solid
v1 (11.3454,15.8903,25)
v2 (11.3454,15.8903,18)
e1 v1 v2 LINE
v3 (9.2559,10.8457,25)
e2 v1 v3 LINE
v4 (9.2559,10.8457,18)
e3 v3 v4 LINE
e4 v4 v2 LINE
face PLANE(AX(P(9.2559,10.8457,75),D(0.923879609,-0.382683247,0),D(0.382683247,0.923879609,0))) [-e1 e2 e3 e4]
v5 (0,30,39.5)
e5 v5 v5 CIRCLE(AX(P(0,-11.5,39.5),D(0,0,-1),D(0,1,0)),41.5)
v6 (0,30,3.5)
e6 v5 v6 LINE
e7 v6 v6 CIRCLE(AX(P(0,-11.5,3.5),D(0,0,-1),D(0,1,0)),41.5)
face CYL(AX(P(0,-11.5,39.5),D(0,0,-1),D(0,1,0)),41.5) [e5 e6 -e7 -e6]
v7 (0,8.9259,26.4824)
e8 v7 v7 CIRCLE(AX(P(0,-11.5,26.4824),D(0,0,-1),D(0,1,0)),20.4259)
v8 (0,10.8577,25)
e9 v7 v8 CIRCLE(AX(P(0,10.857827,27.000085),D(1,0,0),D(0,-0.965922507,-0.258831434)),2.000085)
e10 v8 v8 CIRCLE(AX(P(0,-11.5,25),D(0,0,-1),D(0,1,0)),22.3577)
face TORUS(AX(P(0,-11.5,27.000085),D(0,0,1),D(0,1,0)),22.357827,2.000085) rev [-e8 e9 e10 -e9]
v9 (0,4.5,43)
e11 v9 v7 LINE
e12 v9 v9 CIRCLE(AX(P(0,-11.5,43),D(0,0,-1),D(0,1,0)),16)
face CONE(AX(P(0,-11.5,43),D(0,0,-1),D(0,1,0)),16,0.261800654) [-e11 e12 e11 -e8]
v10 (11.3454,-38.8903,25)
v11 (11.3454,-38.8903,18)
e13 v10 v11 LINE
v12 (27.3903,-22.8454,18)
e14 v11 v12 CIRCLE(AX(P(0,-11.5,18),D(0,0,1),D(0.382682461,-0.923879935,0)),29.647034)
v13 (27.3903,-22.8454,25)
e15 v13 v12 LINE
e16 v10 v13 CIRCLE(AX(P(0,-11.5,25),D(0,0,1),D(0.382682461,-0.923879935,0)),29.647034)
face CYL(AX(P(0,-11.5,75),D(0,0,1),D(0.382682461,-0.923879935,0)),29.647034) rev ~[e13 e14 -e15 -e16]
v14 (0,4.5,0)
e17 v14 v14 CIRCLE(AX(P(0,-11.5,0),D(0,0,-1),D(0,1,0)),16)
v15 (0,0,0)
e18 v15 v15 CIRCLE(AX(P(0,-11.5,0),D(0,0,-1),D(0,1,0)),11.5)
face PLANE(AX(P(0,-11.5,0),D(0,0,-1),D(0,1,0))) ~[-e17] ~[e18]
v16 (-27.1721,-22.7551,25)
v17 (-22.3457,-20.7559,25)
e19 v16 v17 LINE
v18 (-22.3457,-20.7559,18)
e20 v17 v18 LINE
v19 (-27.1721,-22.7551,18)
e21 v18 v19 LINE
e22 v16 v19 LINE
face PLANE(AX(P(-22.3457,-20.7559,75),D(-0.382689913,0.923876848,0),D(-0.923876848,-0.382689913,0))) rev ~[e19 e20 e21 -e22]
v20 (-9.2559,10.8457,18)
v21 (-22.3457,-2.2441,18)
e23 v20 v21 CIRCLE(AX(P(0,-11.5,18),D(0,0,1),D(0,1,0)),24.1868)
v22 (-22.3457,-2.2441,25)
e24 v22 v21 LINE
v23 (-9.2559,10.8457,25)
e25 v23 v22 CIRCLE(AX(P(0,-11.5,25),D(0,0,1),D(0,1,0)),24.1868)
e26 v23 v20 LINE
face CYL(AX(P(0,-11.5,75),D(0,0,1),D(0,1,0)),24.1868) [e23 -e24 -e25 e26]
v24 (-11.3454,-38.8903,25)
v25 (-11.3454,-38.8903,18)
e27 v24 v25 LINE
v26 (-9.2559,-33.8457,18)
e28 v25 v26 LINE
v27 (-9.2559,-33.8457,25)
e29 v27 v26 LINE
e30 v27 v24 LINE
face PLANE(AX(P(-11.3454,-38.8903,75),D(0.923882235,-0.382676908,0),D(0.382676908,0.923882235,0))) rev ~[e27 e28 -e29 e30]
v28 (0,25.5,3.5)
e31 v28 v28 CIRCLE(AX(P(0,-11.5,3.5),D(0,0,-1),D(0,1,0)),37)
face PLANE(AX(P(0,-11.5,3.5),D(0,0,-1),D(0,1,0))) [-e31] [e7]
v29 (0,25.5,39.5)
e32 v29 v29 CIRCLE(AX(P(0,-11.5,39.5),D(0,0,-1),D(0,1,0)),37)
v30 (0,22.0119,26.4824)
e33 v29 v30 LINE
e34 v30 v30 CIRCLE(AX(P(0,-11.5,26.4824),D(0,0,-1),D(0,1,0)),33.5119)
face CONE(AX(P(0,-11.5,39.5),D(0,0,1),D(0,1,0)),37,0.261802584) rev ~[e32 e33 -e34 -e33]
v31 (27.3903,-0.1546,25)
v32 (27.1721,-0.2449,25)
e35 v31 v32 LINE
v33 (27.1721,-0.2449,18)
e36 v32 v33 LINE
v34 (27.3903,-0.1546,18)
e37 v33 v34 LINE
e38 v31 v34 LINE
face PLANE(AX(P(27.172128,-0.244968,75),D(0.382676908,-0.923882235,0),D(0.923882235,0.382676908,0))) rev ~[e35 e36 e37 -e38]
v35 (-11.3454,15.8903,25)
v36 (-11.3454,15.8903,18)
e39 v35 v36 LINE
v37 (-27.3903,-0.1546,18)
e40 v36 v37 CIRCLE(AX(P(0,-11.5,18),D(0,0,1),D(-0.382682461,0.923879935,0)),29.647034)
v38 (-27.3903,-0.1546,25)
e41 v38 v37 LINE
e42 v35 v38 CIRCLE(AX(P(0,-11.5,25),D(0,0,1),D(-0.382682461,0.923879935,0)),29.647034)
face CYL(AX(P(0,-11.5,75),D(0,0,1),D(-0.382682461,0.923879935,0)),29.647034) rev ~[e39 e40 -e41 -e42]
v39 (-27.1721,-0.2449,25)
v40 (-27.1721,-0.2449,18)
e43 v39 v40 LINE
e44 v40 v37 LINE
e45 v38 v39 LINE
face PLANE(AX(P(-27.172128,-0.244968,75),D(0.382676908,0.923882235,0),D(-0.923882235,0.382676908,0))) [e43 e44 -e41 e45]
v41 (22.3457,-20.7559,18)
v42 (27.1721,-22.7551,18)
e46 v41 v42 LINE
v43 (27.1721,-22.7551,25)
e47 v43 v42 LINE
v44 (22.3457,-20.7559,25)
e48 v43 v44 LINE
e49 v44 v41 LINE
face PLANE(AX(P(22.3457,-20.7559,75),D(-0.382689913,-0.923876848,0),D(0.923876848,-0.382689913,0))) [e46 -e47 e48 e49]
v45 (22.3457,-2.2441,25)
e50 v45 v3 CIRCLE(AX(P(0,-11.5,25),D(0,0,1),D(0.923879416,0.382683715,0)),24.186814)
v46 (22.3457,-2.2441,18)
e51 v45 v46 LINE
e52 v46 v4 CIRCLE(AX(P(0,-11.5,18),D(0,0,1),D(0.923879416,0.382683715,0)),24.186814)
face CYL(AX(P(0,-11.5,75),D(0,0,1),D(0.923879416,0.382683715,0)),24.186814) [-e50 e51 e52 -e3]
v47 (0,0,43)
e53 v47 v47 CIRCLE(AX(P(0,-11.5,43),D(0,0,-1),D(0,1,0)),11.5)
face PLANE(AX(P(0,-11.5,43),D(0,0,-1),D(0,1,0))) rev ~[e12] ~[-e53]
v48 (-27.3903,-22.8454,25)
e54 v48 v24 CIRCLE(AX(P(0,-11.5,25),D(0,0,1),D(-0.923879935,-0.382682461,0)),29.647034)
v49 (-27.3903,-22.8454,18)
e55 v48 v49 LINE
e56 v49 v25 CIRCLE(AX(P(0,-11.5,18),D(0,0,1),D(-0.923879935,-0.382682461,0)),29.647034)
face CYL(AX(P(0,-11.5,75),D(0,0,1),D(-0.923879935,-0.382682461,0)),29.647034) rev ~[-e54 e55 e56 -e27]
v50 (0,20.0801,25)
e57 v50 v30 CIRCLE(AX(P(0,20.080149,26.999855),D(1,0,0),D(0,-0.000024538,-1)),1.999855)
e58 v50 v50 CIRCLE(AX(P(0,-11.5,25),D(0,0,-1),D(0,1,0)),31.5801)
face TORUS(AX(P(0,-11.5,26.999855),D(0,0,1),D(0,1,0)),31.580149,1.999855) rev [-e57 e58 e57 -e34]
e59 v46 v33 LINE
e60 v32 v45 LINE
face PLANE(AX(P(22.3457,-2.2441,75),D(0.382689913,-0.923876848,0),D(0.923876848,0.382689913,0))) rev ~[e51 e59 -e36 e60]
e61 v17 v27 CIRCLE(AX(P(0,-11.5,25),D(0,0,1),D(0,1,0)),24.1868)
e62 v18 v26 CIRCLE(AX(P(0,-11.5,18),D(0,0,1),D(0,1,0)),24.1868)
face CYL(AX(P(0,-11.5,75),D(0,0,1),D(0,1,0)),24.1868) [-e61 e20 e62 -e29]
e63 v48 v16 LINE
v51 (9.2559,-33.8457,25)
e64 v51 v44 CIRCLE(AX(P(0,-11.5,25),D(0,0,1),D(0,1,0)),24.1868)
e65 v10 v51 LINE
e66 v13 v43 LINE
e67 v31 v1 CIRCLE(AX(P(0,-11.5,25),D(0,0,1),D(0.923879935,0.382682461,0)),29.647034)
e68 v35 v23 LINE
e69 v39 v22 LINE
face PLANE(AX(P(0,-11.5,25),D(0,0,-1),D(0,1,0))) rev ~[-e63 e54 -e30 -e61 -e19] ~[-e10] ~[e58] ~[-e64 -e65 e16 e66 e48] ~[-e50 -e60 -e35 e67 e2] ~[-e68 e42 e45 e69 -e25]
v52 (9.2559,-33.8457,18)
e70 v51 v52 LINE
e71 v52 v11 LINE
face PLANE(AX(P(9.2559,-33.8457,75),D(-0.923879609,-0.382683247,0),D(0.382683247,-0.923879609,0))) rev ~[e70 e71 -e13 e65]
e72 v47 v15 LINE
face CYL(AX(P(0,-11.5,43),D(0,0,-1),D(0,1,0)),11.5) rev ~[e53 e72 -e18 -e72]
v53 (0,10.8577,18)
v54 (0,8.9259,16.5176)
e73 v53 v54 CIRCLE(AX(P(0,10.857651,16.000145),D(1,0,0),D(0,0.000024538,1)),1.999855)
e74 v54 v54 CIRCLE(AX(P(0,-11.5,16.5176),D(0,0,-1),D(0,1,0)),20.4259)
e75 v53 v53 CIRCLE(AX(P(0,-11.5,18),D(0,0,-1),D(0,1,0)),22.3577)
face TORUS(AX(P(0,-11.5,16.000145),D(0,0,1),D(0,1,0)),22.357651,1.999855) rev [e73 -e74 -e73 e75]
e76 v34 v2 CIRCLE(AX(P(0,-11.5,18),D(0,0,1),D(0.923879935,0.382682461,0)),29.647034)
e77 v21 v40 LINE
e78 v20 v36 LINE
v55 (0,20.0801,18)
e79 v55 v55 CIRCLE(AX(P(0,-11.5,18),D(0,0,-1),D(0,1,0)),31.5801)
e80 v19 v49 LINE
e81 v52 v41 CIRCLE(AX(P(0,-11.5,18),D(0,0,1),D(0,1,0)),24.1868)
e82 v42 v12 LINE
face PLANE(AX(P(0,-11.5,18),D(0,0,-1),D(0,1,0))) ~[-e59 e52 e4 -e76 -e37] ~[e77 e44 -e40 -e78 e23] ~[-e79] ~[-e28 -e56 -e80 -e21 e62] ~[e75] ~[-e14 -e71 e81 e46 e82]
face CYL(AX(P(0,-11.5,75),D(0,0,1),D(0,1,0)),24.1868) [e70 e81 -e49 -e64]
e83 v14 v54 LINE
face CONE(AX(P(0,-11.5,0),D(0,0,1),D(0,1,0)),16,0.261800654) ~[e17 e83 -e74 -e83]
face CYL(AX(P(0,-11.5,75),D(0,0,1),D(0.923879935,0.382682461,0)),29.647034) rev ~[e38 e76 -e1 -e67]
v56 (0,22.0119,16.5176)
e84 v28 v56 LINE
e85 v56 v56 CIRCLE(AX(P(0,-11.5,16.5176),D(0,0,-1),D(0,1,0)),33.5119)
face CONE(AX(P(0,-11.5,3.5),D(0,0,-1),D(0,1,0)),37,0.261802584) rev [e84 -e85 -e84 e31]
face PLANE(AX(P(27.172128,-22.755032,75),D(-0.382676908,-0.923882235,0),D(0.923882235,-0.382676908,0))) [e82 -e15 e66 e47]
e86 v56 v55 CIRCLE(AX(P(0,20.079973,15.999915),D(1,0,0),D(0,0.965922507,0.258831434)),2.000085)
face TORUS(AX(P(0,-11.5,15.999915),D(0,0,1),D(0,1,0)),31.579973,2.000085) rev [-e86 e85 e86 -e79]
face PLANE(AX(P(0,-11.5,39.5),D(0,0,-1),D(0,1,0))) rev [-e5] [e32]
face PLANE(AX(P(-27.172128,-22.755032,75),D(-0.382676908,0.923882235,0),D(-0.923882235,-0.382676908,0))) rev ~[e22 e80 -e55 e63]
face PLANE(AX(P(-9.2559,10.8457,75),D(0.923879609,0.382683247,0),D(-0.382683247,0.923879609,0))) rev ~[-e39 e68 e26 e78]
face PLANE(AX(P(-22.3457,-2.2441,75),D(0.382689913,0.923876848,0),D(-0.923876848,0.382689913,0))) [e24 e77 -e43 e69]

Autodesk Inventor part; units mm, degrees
ref_plane "YZ Plane" through (0, 0, 0) normal (1, 0, 0) x (0, 1, 0)
ref_plane "XZ Plane" through (0, 0, 0) normal (0, 1, 0) x (-1, 0, 0)
sketch "Sketch1" plane through (0, 0, 0) normal (1, 0, 0) x (0, 1, 0)
  line L0 (0, 0) -> (4.5, 0)
  line L1 (4.5, 0) -> (4.5, 43)
  line L2 (4.5, 43) -> (0, 43)
  line L3 (0, 43) -> (0, 0)
  line L4 (4.5, 43) -> (8.9259, 26.4824)
  line L5 (4.5, 21.5) -> (10.3528, 21.5)
  line L6 (13, 25) -> (10.8577, 25)
  line L7 (25.5, 39.5) -> (30, 39.5)
  line L8 (30, 39.5) -> (30, 3.5)
  line L9 (30, 3.5) -> (25.5, 3.5)
  line L10 (25.5, 3.5) -> (25.5, 39.5)
  line L11 (25.5, 39.5) -> (22.0119, 26.4824)
  line L12 (10.8577, 18) -> (20.0801, 18)
  line L13 (4.5, 0) -> (8.9259, 16.5176)
  line L14 (25.5, 3.5) -> (22.0119, 16.5176)
  line L15 (3, 25) -> (20.0801, 25)
  arc A0 (8.9259, 26.4824) -> (10.8577, 25) centre (10.8577, 27) ccw
  arc A1 (20.0801, 25) -> (22.0119, 26.4824) centre (20.0801, 27) ccw
  arc A2 (22.0119, 16.5176) -> (20.0801, 18) centre (20.0801, 16) ccw
  arc A3 (10.8577, 18) -> (8.9259, 16.5176) centre (10.8577, 16) ccw
  line L16 (-11.5, 16.5176) -> (-11.5, 3.5)
  point P0 (9.6974, 23.6032)
  point P1 (21.6069, 24.9709)
  point P2 (3, 18)
  point P3 (23.25, 18)
  point P4 (9.6974, 19.3968)
  point P5 (21.6069, 18.0291)
  point P6 (23.25, 25)
  dimension "d0" = 43
  dimension "d1" = 4.5
  dimension "d2" = 15
  dimension "d3" = 21.5
  dimension "d4" = 3.5
  dimension "d5" = 4.5
  dimension "d6" = 36
  dimension "d7" = 18
  dimension "d8" = 15
  dimension "d9" = 3.5
  dimension "d10" = 30
  dimension "d11" = 2
  dimension "d12" = 32
revolve "Revolution1" add sketch "Sketch1" angle 360 about axis through (0, -11.5, 16.5176) along (0, 0, -1)
ref_plane "Work Plane1" through (0, -11.5, 75) normal (0, 0, 1) x (1, 0, 0)
sketch "Sketch2" plane through (0, -11.5, 75) normal (0, 0, 1) x (1, 0, 0)
  line L0 (9.2559, 22.3457) -> (12.1824, 29.4109)
  line L1 (22.3457, 9.2559) -> (27.1721, 11.2551)
  line L2 (0, 0) -> (0, 29.4109)
  line L3 (0, 0) -> (29.4109, 0)
  arc A0 (27.3903, 11.3454) -> (11.3454, 27.3903) centre (0, 0) ccw
  line L4 (22.3457, 9.2559) -> (27.1721, 11.2551)
  line L5 (22.3457, 9.2559) -> (27.3903, 11.3454)
  line L6 (22.3457, 9.2559) -> (27.3903, 11.3454)
  arc A1 (22.3457, 9.2559) -> (9.2559, 22.3457) centre (0, 0) ccw
  arc A2 (0, 24.1868) -> (24.1868, 0) centre (0, 0) ccw
  line L7 (11.3454, 27.3903) -> (9.2559, 22.3457)
  line L8 (27.3903, 11.3454) -> (22.3457, 9.2559)
  arc A3 (22.3457, 9.2559) -> (9.2559, 22.3457) centre (0, 0) ccw
  arc A4 (27.3903, 11.3454) -> (11.3454, 27.3903) centre (0, 0) ccw
  line L9 (9.2559, -22.3457) -> (12.1824, -29.4109)
  line L10 (22.3457, -9.2559) -> (27.1721, -11.2551)
  arc A5 (11.3454, -27.3903) -> (27.3903, -11.3454) centre (0, 0) ccw
  line L11 (22.3457, -9.2559) -> (27.1721, -11.2551)
  line L12 (22.3457, -9.2559) -> (27.3903, -11.3454)
  line L13 (22.3457, -9.2559) -> (27.3903, -11.3454)
  arc A6 (9.2559, -22.3457) -> (22.3457, -9.2559) centre (0, 0) ccw
  line L14 (11.3454, -27.3903) -> (9.2559, -22.3457)
  line L15 (27.3903, -11.3454) -> (22.3457, -9.2559)
  arc A7 (9.2559, -22.3457) -> (22.3457, -9.2559) centre (0, 0) ccw
  arc A8 (11.3454, -27.3903) -> (27.3903, -11.3454) centre (0, 0) ccw
  line L16 (0, 0) -> (0, -24.1868)
  line L17 (-9.2559, 22.3457) -> (-12.1824, 29.4109)
  line L18 (-22.3457, 9.2559) -> (-27.1721, 11.2551)
  arc A9 (-11.3454, 27.3903) -> (-27.3903, 11.3454) centre (0, 0) ccw
  line L19 (-22.3457, 9.2559) -> (-27.1721, 11.2551)
  line L20 (-22.3457, 9.2559) -> (-27.3903, 11.3454)
  line L21 (-22.3457, 9.2559) -> (-27.3903, 11.3454)
  arc A10 (-9.2559, 22.3457) -> (-22.3457, 9.2559) centre (0, 0) ccw
  line L22 (-11.3454, 27.3903) -> (-9.2559, 22.3457)
  line L23 (-27.3903, 11.3454) -> (-22.3457, 9.2559)
  arc A11 (-9.2559, 22.3457) -> (-22.3457, 9.2559) centre (0, 0) ccw
  arc A12 (-11.3454, 27.3903) -> (-27.3903, 11.3454) centre (0, 0) ccw
  line L24 (-22.3457, -9.2559) -> (-27.1721, -11.2551)
  line L25 (-22.3457, -9.2559) -> (-27.1721, -11.2551)
  line L26 (-22.3457, -9.2559) -> (-27.3903, -11.3454)
  line L27 (-22.3457, -9.2559) -> (-27.3903, -11.3454)
  line L28 (-27.3903, -11.3454) -> (-22.3457, -9.2559)
  arc A13 (-22.3457, -9.2559) -> (-9.2559, -22.3457) centre (0, 0) ccw
  arc A14 (-22.3457, -9.2559) -> (-9.2559, -22.3457) centre (0, 0) ccw
  arc A15 (-27.3903, -11.3454) -> (-11.3454, -27.3903) centre (0, 0) ccw
  line L29 (-11.3454, -27.3903) -> (-9.2559, -22.3457)
  line L30 (-9.2559, -22.3457) -> (-12.1824, -29.4109)
  arc A16 (-27.3903, -11.3454) -> (-11.3454, -27.3903) centre (0, 0) ccw
  point P0 (0, 11.5)
  point P1 (-29.4109, 0)
  point P2 (-24.1868, 0)
  point P3 (-9.2559, 22.3457)
  point P4 (9.2559, -22.3457)
  point P5 (27.1721, -11.2551)
  point P6 (22.3457, -9.2559)
  point P7 (-22.3457, -9.2559)
  point P8 (-27.1721, -11.2551)
  dimension "d15" = 29.4109
  dimension "d16" = 22.5
  dimension "d17" = 22.5
extrude "Extrusion1" cut sketch "Sketch2" against normal through all contours L0 A0 L5 L1 A1 | A2 L18 L20 A9 L17 | L10 L12 A5 L9 A2 | L29 A15 L26 L24 A2
equation "\"d3\" = 0.5 * d0"
equation "\"d7\" = 0.5 * d6"
properties part number "roller"
